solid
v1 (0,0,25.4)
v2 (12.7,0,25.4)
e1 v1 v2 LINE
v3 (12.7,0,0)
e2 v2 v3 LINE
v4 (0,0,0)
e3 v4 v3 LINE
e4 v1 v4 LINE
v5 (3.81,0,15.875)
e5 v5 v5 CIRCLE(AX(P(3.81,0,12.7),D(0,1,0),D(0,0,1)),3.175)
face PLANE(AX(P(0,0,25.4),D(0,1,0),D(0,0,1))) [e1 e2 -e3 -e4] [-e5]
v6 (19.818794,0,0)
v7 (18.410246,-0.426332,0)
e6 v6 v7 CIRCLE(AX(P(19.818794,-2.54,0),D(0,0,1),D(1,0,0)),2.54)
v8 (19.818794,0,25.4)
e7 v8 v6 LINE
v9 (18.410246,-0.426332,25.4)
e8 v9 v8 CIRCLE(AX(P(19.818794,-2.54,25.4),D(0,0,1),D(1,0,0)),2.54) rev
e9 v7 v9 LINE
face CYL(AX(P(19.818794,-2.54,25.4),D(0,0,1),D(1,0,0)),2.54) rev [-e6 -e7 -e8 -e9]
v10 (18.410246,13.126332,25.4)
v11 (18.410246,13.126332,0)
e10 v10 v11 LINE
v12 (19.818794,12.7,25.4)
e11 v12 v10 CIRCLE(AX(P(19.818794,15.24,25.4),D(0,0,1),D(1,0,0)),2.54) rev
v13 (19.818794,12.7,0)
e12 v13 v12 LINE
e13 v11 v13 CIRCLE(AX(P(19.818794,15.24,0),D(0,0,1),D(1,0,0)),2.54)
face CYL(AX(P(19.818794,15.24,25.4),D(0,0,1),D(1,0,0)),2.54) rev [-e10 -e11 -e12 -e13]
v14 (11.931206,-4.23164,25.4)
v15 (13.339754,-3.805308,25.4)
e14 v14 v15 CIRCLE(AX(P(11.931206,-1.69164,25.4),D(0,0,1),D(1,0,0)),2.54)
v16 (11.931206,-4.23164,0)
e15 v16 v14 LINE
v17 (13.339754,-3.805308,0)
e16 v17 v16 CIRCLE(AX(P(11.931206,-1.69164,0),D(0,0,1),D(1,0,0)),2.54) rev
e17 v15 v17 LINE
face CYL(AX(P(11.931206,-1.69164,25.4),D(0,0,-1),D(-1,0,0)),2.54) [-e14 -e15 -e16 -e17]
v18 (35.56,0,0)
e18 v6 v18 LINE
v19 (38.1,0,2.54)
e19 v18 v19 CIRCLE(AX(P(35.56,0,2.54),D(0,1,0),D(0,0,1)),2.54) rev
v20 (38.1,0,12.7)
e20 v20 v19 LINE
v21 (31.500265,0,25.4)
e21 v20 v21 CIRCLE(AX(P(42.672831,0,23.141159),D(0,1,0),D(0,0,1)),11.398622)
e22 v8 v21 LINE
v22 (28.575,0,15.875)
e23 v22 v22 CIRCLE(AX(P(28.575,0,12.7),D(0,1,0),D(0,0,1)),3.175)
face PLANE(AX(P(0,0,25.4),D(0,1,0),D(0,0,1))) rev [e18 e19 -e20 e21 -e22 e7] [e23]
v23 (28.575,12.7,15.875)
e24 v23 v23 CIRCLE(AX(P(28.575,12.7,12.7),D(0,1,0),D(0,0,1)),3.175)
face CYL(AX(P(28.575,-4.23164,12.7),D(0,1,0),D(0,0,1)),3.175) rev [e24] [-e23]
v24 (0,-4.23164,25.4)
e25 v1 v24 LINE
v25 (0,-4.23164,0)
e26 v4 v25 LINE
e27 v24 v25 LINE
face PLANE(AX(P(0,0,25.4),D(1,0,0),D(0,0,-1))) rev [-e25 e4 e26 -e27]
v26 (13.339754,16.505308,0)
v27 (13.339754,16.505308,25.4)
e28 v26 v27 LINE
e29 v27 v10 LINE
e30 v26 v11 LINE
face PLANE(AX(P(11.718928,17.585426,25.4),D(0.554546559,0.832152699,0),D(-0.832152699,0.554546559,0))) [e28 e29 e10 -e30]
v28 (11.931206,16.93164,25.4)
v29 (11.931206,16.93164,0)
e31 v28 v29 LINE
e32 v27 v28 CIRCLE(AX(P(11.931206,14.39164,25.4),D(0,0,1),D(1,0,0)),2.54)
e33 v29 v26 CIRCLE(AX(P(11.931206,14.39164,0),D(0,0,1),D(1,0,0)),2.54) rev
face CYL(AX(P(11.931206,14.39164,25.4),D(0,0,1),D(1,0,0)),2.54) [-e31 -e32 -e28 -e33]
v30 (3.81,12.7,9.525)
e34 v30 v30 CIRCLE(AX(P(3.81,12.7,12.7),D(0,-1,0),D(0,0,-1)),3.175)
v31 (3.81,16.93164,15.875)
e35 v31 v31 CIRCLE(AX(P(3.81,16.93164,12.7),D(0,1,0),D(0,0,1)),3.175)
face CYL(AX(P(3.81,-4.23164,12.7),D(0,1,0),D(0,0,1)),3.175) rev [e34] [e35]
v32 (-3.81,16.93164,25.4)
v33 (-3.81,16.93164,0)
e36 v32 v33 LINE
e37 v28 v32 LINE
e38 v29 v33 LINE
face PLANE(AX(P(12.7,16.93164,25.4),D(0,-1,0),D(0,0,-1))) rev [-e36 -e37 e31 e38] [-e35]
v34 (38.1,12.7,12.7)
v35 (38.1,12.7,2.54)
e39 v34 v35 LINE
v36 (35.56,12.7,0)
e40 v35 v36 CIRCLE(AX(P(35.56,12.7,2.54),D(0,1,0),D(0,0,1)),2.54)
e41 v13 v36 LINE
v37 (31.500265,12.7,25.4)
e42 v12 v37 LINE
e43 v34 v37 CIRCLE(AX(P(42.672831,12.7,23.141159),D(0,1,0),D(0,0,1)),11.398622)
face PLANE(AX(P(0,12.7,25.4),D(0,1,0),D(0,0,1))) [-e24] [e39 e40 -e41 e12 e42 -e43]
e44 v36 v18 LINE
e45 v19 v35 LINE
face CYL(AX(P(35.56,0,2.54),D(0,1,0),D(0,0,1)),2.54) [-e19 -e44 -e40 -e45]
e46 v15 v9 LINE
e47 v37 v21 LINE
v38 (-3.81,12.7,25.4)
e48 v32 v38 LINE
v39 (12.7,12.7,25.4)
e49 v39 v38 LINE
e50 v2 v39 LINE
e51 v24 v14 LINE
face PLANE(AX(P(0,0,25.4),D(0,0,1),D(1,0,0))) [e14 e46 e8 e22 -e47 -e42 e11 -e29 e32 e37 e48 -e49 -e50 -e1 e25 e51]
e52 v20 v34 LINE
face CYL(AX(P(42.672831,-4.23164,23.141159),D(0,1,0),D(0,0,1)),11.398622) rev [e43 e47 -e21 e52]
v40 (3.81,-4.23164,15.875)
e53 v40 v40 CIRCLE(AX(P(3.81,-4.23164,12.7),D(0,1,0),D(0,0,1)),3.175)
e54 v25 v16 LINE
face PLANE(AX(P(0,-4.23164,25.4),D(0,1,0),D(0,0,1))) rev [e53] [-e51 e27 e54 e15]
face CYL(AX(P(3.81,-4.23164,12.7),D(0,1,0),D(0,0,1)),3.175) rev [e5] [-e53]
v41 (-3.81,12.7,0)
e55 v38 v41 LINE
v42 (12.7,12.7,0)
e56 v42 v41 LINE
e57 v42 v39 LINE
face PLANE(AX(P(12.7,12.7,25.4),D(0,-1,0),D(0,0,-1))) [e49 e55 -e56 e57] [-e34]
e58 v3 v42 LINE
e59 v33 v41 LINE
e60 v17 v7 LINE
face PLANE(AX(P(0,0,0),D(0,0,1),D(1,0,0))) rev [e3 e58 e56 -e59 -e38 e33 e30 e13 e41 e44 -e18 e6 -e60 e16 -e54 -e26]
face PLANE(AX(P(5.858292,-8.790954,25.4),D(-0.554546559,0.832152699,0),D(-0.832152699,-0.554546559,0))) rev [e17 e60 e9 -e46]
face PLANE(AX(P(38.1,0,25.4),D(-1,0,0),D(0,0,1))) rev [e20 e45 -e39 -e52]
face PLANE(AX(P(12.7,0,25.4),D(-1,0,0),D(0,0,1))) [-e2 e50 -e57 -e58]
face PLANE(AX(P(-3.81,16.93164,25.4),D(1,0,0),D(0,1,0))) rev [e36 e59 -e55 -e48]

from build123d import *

# Parameters (mm, degrees)
SKETCH1_W               = 12.7
SKETCH1_H               = 4.23164
SKETCH1_W_2             = 16.51
BOSS_EXTRUDE1_DEPTH     = 25.4
CUT_EXTRUDE4_DEPTH      = 49.820594354
CUT_EXTRUDE4_DEPTH_BACK = 49.820594354
SKETCH4_R               = 3.175
CUT_EXTRUDE5_DEPTH      = 49.820594354
CUT_EXTRUDE5_DEPTH_BACK = 49.820594354
SKETCH6_R               = 3.175
CUT_EXTRUDE6_DEPTH      = 49.820594354
CUT_EXTRUDE6_DEPTH_BACK = 49.820594354
FILLET2_R               = 2.54


with BuildPart() as part:
    # Sketch1 → Boss-Extrude1 (new body)
    with BuildSketch(Plane.XY):
        with Locations((6.35, -2.11582)):
            Rectangle(SKETCH1_W, SKETCH1_H)
        Polygon((19.05, 0), (38.1, 0), (38.1, 12.7), (19.05, 12.7), (12.7, 16.93164), (12.7, 12.7), (12.7, 0), (12.7, -4.23164), align=None)
        with Locations((4.445, 14.81582)):
            Rectangle(SKETCH1_W_2, SKETCH1_H)
    extrude(amount=BOSS_EXTRUDE1_DEPTH)

    # Sketch4 → Cut-Extrude4 (cut, two sides: drawn at the far end of the back side and taken through both)
    with BuildSketch(Plane(origin=(0, 0, 0), x_dir=(1, 0, 0), z_dir=(0, 1, 0)).offset(-CUT_EXTRUDE4_DEPTH_BACK)):
        with Locations(Location((3.81, -12.7, 0), (0, 0, 270))):
            Circle(SKETCH4_R)
    extrude(amount=CUT_EXTRUDE4_DEPTH + CUT_EXTRUDE4_DEPTH_BACK, mode=Mode.SUBTRACT)

    # Sketch6 → Cut-Extrude5 (cut, two sides: drawn at the far end of the back side and taken through both)
    with BuildSketch(Plane(origin=(0, 12.7, 0), x_dir=(1, 0, 0), z_dir=(0, 1, 0)).offset(-CUT_EXTRUDE5_DEPTH_BACK)):
        with Locations(Location((28.575, -12.7, 0), (0, 0, 270))):
            Circle(SKETCH6_R)
    extrude(amount=CUT_EXTRUDE5_DEPTH + CUT_EXTRUDE5_DEPTH_BACK, mode=Mode.SUBTRACT)

    # Sketch7 → Cut-Extrude6 (cut, two sides: drawn at the far end of the back side and taken through both)
    with BuildSketch(Plane(origin=(0, 12.7, 0), x_dir=(1, 0, 0), z_dir=(0, 1, 0)).offset(-CUT_EXTRUDE6_DEPTH_BACK)):
        with BuildLine():
            Line((38.1, -12.7), (38.1, -25.4))
            Line((38.1, -25.4), (31.500264821, -25.4))
            ThreePointArc((31.500264821, -25.4), (32.55839158, -17.885047573), (38.1, -12.7))
        make_face()
    extrude(amount=CUT_EXTRUDE6_DEPTH + CUT_EXTRUDE6_DEPTH_BACK, mode=Mode.SUBTRACT)

    # Fillet2
    fillet2_edges = [part.edges().sort_by_distance(p)[0] for p in [
        (38.1, 6.35, 0),
        (12.7, 16.93164, 12.7),
        (19.05, 12.7, 12.7),
        (19.05, 0, 12.7),
        (12.7, -4.23164, 12.7),
    ]]
    fillet(fillet2_edges, radius=FILLET2_R)


solid = part.part
